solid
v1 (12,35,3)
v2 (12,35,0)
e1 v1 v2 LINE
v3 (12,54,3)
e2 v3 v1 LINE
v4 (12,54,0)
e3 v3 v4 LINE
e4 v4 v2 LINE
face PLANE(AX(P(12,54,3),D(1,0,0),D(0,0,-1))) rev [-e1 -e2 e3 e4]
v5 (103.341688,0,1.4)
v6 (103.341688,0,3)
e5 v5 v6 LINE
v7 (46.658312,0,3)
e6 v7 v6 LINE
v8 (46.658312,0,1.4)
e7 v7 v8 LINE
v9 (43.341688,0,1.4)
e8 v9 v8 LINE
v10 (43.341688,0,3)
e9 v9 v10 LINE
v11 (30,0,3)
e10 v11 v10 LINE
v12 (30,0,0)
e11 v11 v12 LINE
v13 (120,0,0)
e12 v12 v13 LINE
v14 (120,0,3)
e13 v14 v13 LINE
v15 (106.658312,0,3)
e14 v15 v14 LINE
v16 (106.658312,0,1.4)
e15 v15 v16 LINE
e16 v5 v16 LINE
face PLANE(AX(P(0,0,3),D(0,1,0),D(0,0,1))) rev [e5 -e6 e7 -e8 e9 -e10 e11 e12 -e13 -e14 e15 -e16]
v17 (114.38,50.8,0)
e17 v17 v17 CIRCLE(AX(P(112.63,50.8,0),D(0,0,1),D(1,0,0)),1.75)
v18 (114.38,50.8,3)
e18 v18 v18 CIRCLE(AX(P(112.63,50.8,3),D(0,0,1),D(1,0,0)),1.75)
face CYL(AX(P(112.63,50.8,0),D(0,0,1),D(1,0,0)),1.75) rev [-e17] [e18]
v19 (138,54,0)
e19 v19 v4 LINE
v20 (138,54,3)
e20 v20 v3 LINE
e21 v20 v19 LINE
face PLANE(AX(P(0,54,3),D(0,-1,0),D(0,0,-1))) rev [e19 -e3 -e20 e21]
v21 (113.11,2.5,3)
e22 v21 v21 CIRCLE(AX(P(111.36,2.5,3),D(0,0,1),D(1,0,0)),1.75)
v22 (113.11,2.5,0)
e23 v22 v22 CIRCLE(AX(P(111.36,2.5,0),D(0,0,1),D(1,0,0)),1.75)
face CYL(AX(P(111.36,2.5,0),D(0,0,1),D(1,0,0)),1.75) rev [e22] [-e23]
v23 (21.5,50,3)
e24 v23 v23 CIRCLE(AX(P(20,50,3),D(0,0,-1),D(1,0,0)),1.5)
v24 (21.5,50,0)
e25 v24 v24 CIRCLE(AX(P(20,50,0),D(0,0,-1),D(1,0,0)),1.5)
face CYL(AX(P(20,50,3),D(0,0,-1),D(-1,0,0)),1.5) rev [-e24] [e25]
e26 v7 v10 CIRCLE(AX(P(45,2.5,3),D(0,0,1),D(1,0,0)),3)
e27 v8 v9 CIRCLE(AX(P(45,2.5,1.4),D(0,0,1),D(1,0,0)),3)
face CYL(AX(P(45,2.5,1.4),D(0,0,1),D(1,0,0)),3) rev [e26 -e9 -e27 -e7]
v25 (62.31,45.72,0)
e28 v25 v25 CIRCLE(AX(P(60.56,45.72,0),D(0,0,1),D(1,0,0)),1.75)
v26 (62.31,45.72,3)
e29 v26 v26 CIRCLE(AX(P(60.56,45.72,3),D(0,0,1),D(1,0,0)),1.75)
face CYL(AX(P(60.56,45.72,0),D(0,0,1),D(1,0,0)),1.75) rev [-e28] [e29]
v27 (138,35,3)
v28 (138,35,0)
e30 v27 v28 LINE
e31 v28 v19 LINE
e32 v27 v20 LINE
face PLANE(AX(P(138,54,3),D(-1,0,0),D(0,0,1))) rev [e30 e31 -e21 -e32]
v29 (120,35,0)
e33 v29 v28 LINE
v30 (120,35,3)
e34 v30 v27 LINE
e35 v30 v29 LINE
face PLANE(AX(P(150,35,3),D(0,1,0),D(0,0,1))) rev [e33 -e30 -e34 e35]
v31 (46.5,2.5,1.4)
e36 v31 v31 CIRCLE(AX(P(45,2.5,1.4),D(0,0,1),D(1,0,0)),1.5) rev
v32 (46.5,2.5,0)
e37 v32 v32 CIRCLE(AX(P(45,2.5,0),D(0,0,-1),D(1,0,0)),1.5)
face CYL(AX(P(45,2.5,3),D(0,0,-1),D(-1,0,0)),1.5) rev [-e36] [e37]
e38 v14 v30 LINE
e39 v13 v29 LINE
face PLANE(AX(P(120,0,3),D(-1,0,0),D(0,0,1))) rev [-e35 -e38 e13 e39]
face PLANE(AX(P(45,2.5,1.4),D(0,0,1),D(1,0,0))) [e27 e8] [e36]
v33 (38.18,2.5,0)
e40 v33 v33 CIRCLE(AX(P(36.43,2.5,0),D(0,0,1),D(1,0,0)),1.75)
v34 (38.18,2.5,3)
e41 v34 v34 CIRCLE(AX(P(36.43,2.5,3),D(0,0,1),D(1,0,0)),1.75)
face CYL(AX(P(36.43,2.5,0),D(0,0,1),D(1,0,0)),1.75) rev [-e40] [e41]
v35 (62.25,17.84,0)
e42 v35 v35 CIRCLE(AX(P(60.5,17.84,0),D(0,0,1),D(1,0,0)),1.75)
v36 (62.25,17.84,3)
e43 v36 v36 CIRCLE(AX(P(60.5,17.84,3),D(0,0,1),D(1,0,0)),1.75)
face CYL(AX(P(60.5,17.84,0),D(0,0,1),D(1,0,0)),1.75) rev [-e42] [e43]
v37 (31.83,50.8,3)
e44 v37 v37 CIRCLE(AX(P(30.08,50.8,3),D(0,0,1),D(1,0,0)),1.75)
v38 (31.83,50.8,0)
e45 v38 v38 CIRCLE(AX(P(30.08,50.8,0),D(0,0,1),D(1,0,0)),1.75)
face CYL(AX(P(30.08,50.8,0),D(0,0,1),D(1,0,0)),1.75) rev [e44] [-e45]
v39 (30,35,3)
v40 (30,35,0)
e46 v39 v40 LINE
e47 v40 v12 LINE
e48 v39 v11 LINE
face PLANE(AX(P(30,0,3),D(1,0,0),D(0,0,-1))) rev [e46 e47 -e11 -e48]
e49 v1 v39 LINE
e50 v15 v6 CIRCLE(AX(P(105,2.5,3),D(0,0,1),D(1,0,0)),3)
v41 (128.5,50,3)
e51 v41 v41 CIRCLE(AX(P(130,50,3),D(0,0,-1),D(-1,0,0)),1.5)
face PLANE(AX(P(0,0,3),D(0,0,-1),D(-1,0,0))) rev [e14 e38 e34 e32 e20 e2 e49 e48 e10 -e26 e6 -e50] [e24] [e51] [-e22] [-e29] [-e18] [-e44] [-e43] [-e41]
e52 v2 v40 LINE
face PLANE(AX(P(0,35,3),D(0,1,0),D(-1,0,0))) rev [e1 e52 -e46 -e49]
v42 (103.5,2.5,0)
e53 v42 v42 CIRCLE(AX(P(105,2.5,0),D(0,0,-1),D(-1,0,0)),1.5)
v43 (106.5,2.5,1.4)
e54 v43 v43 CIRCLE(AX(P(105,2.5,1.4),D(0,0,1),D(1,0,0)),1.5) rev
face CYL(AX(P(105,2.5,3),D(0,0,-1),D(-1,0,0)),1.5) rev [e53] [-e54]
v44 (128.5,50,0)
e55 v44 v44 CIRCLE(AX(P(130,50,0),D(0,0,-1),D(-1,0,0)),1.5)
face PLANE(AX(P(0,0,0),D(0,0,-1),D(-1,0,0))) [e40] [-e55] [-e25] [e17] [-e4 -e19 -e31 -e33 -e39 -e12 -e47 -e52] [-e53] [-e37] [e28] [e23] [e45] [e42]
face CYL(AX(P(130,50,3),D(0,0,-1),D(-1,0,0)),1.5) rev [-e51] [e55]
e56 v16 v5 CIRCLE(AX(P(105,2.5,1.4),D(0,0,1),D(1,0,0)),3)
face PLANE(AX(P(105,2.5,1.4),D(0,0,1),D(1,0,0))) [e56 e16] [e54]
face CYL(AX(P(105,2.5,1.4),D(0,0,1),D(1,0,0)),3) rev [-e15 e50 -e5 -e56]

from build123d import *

# Parameters (mm, degrees)
SKETCH1_W           = 150
SKETCH1_H           = 54
BOSS_EXTRUDE1_DEPTH = 3
SKETCH2_W           = 30
SKETCH2_H           = 35
CUT_EXTRUDE1_DEPTH  = 160.452187191
SKETCH4_W           = 12
SKETCH4_H           = 19
CUT_EXTRUDE2_DEPTH  = 3
SKETCH5_R           = 1.5
CUT_EXTRUDE3_DEPTH  = 3
SKETCH7_R           = 3
CUT_EXTRUDE5_DEPTH  = 1.6
SKETCH8_R           = 1.75
CUT_EXTRUDE6_DEPTH  = 3


with BuildPart() as part:
    # Sketch1 → Boss-Extrude1 (new body)
    with BuildSketch(Plane.XY):
        with Locations((75, 27)):
            Rectangle(SKETCH1_W, SKETCH1_H)
    extrude(amount=BOSS_EXTRUDE1_DEPTH)

    # Sketch2 → Cut-Extrude1 (cut, through all)
    with BuildSketch(Plane(origin=(0, 0, 0), x_dir=(-1, 0, 0), z_dir=(0, 0, -1))):
        with Locations((-15, 17.5)):
            Rectangle(SKETCH2_W, SKETCH2_H)
        with Locations((-135, 17.5)):
            Rectangle(SKETCH2_W, SKETCH2_H)
    extrude(amount=-CUT_EXTRUDE1_DEPTH, mode=Mode.SUBTRACT)

    # Sketch4 → Cut-Extrude2 (cut)
    with BuildSketch(Plane(origin=(0, 0, 0), x_dir=(-1, 0, 0), z_dir=(0, 0, -1))):
        with Locations((-144, 44.5)):
            Rectangle(SKETCH4_W, SKETCH4_H)
        with Locations((-6, 44.5)):
            Rectangle(SKETCH4_W, SKETCH4_H)
    extrude(amount=-CUT_EXTRUDE2_DEPTH, mode=Mode.SUBTRACT)

    # Sketch5 → Cut-Extrude3 (cut)
    with BuildSketch(Plane(origin=(0, 0, 0), x_dir=(-1, 0, 0), z_dir=(0, 0, -1))):
        with Locations((-130, 50)):
            Circle(SKETCH5_R)
        with Locations((-105, 2.5)):
            Circle(SKETCH5_R)
        with Locations(Location((-45, 2.5, 0), (0, 0, 180))):
            Circle(SKETCH5_R)
        with Locations(Location((-20, 50, 0), (0, 0, 180))):
            Circle(SKETCH5_R)
    extrude(amount=-CUT_EXTRUDE3_DEPTH, mode=Mode.SUBTRACT)

    # Sketch7 → Cut-Extrude5 (cut)
    with BuildSketch(Plane.XY.offset(3)):
        with Locations((45, 2.5)):
            Circle(SKETCH7_R)
        with Locations((105, 2.5)):
            Circle(SKETCH7_R)
    extrude(amount=-CUT_EXTRUDE5_DEPTH, mode=Mode.SUBTRACT)

    # Sketch8 → Cut-Extrude6 (cut)
    with BuildSketch(Plane.XY.offset(3)):
        with Locations((30.08, 50.8)):
            Circle(SKETCH8_R)
        with Locations((60.56, 45.72)):
            Circle(SKETCH8_R)
        with Locations((60.5, 17.84)):
            Circle(SKETCH8_R)
        with Locations((36.43, 2.5)):
            Circle(SKETCH8_R)
        with Locations((111.36, 2.5)):
            Circle(SKETCH8_R)
        with Locations((112.63, 50.8)):
            Circle(SKETCH8_R)
    extrude(amount=-CUT_EXTRUDE6_DEPTH, mode=Mode.SUBTRACT)


solid = part.part
